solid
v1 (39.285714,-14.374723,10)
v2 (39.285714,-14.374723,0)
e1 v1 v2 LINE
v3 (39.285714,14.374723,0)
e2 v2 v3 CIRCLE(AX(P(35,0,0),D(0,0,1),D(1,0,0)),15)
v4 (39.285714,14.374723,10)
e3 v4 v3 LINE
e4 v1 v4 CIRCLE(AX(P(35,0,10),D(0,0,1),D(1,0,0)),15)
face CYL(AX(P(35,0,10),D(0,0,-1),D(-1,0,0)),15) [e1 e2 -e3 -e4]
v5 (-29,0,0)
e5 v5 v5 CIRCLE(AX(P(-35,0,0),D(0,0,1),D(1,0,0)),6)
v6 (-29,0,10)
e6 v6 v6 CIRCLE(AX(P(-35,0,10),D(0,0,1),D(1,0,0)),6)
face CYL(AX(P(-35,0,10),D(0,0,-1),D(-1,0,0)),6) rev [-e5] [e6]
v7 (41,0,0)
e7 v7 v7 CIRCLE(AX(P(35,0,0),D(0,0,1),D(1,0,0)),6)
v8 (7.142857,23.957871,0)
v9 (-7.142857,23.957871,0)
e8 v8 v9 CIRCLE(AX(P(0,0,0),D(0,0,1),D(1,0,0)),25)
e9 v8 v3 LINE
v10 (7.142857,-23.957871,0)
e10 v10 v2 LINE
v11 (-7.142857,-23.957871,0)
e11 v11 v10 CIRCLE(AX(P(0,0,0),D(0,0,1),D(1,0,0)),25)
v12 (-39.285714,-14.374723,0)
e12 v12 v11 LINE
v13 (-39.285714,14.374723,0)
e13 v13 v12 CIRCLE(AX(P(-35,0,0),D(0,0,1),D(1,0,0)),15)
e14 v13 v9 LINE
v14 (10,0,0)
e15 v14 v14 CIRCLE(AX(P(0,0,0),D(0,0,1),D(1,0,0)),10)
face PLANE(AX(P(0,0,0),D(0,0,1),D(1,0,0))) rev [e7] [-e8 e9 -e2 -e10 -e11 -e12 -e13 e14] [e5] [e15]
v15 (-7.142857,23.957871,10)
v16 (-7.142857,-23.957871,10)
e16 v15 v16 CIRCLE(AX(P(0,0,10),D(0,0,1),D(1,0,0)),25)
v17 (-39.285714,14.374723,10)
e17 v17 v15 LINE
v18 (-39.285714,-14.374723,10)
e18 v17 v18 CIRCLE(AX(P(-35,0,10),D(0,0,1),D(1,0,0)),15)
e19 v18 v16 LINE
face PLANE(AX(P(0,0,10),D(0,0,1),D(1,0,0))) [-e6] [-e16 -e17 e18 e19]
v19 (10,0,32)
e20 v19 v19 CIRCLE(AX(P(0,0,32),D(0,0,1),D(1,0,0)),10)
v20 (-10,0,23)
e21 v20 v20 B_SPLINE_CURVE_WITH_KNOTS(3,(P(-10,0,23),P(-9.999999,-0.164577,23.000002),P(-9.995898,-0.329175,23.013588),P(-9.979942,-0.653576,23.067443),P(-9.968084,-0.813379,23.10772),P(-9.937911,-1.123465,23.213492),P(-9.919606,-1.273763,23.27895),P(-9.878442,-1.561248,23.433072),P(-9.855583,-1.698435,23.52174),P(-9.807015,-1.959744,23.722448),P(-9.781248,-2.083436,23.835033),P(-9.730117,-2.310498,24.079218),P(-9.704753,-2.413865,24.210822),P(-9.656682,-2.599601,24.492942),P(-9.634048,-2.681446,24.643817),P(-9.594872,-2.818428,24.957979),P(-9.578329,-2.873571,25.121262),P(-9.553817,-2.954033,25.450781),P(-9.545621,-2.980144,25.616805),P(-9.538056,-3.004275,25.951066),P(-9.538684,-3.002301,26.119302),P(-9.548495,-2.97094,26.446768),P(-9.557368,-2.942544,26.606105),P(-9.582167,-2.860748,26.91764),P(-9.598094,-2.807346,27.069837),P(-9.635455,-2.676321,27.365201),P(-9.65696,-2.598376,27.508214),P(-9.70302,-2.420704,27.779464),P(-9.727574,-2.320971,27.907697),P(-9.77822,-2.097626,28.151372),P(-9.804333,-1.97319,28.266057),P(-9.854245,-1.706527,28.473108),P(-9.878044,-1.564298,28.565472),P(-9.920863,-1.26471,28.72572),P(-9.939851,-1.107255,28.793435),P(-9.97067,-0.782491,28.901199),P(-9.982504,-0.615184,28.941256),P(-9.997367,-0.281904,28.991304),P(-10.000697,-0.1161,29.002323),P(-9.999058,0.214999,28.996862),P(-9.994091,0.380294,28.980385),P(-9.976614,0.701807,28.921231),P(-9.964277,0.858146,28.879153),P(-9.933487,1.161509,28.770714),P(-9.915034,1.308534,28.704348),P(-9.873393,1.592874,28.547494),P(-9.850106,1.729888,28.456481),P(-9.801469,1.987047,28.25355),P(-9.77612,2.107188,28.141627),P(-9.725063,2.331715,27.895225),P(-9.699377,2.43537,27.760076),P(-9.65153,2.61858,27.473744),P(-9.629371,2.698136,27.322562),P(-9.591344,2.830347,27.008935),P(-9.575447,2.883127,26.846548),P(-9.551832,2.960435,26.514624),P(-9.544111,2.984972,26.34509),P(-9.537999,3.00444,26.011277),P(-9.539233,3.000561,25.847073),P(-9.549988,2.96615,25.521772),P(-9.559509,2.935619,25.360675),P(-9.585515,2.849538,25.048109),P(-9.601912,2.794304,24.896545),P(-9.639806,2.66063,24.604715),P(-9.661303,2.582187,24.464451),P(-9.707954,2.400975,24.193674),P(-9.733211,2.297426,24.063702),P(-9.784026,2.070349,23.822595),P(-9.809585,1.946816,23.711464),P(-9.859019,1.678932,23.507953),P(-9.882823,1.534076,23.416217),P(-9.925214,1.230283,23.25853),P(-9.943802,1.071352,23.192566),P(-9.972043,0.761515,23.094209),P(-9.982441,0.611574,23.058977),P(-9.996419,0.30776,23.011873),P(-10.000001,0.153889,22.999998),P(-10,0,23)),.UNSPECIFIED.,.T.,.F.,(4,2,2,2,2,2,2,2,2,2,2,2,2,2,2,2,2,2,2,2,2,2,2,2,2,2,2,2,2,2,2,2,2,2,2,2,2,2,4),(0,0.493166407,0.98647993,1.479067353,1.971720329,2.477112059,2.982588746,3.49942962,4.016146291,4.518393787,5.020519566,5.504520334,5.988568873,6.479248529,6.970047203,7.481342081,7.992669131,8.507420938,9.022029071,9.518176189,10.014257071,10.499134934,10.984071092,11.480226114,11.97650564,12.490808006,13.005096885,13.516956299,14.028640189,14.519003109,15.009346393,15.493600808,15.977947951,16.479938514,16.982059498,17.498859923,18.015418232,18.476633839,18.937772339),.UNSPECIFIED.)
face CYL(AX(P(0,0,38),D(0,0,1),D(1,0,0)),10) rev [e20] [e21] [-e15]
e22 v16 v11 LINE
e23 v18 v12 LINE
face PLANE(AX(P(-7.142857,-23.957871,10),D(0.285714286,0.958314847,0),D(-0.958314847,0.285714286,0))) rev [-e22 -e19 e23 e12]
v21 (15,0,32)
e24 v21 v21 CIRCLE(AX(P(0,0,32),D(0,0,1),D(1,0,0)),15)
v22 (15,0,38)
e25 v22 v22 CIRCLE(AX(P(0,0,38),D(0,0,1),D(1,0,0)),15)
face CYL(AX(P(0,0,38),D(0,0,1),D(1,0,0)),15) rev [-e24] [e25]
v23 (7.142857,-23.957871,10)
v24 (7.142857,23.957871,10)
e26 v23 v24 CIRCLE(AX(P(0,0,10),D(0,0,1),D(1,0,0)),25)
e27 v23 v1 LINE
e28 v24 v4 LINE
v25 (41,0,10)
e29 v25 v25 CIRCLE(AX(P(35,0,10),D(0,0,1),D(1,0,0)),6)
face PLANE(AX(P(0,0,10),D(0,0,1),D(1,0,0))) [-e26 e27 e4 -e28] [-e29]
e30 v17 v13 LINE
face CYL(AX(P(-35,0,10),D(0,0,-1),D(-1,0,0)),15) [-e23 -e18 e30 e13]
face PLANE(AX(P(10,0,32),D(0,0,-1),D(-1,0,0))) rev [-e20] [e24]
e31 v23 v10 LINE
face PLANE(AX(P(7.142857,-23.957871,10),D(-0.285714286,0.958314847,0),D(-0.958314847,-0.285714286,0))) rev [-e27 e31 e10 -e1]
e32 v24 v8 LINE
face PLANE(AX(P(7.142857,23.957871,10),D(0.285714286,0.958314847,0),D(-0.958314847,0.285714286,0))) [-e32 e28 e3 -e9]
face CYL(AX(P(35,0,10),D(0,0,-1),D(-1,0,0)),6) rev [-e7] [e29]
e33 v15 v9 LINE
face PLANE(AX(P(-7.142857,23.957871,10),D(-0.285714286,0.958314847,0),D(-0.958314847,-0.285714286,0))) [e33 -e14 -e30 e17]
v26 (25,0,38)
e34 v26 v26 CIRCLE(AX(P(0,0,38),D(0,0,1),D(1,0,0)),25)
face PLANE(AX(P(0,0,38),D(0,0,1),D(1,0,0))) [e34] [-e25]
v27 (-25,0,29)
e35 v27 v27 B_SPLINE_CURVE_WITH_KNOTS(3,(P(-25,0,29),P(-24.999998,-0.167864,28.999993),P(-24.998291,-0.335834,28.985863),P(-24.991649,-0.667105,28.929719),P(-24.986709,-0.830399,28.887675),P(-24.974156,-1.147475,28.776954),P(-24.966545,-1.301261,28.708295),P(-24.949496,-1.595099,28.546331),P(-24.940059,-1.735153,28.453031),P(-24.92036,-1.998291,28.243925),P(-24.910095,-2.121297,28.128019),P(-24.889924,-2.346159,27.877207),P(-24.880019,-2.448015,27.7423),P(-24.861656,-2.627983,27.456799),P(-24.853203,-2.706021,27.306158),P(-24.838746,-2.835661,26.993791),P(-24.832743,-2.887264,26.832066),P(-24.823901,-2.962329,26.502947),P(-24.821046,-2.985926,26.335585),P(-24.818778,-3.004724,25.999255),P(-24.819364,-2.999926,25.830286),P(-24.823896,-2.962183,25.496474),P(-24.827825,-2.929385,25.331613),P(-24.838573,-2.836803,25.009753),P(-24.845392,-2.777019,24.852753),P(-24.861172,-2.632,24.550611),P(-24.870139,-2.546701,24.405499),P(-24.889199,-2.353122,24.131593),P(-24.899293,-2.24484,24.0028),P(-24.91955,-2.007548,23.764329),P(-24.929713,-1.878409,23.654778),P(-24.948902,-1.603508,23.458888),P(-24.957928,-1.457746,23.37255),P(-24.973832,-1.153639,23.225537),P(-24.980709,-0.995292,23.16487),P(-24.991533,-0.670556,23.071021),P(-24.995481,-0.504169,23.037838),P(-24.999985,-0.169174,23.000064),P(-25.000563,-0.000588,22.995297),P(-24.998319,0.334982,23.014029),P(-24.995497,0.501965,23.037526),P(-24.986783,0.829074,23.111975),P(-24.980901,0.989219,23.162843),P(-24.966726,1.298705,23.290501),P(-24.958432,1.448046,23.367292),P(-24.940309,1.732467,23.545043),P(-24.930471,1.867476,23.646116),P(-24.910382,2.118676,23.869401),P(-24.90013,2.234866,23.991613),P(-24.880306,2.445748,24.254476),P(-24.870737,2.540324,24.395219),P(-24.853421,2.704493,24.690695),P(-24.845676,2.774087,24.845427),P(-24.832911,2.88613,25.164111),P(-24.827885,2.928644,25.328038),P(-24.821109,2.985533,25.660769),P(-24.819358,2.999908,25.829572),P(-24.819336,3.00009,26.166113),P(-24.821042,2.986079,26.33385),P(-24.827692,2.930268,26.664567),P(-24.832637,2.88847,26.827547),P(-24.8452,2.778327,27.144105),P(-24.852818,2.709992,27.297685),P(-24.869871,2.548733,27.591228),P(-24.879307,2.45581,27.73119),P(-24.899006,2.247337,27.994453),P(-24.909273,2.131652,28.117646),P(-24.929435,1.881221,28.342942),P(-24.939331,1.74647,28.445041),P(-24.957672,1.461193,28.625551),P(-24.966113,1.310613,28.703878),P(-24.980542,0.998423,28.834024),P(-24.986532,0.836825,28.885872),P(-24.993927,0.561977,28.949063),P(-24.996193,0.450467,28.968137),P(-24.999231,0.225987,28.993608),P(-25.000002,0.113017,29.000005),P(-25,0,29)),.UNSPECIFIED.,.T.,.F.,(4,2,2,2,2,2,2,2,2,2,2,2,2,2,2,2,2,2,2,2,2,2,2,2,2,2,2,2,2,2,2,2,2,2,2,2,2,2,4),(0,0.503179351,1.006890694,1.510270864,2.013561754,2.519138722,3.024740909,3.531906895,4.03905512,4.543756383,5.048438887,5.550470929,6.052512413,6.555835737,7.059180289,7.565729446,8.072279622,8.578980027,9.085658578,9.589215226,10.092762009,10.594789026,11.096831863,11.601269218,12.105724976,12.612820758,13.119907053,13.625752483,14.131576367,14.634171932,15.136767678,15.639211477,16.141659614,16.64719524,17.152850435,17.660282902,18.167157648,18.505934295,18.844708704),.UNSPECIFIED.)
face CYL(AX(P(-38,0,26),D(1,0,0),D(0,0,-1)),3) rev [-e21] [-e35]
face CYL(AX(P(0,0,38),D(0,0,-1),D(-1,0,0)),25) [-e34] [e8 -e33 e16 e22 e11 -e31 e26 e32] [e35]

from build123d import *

# Parameters (mm, degrees)
SKETCH1_R                                 = 6
BOSS_EXTRUDE1_DEPTH                       = 10
BOSS_EXTRUDE1_2_DEPTH                     = 10
BOSS_EXTRUDE2_DEPTH                       = 38
CBORE_FOR_M12_HEX_HEAD_SCREW1_D           = 20
CBORE_FOR_M12_HEX_HEAD_SCREW1_CBORE_D     = 30
CBORE_FOR_M12_HEX_HEAD_SCREW1_CBORE_DEPTH = 6
SKETCH6_R                                 = 3
CUT_EXTRUDE1_DEPTH                        = 38


with BuildPart() as part:
    # Sketch1 → Boss-Extrude1 (new body)
    with BuildSketch(Plane.XY):
        with BuildLine():
            Line((-7.142857143, 23.957871187), (-39.285714286, 14.374722712))
            ThreePointArc((-39.285714286, 14.374722712), (-50, 0), (-39.285714286, -14.374722712))
            Line((-39.285714286, -14.374722712), (-7.142857143, -23.957871187))
            ThreePointArc((-7.142857143, -23.957871187), (-25, 0), (-7.142857143, 23.957871187))
        make_face()
        with Locations((-35, 0)):
            Circle(SKETCH1_R, mode=Mode.SUBTRACT)
    extrude(amount=BOSS_EXTRUDE1_DEPTH)



with BuildPart() as body_2:
    # Sketch1 → Boss-Extrude1 2 (new body)
    with BuildSketch(Plane.XY):
        with BuildLine():
            Line((39.285714286, 14.374722712), (7.142857143, 23.957871187))
            ThreePointArc((7.142857143, 23.957871187), (25, 0), (7.142857143, -23.957871187))
            Line((7.142857143, -23.957871187), (39.285714286, -14.374722712))
            ThreePointArc((39.285714286, -14.374722712), (50, 0), (39.285714286, 14.374722712))
        make_face()
        with Locations((35, 0)):
            Circle(SKETCH1_R, mode=Mode.SUBTRACT)
    extrude(amount=BOSS_EXTRUDE1_2_DEPTH)


with BuildPart() as part_1:
    add(part.part)

    add(body_2.part)  # Boss-Extrude2 merges body 2
    # Sketch1<3> → Boss-Extrude2 (add)
    with BuildSketch(Plane.XY):
        with BuildLine():
            ThreePointArc((7.142857143, 23.957871187), (0, 25), (-7.142857143, 23.957871187))
            ThreePointArc((-7.142857143, 23.957871187), (-25, 0), (-7.142857143, -23.957871187))
            ThreePointArc((-7.142857143, -23.957871187), (0, -25), (7.142857143, -23.957871187))
            ThreePointArc((7.142857143, -23.957871187), (20.044593143, -14.940357617), (25, 0))
            ThreePointArc((25, 0), (20.044593143, 14.940357617), (7.142857143, 23.957871187))
        make_face()
    extrude(amount=BOSS_EXTRUDE2_DEPTH)

    # CBORE for M12 Hex Head Screw1 (through all)
    with Locations(Plane.XY.offset(38)):
        with Locations((0, 0)):
            CounterBoreHole(CBORE_FOR_M12_HEX_HEAD_SCREW1_D / 2, CBORE_FOR_M12_HEX_HEAD_SCREW1_CBORE_D / 2, CBORE_FOR_M12_HEX_HEAD_SCREW1_CBORE_DEPTH)

    # Sketch6 → Cut-Extrude1 (cut)
    with BuildSketch(Plane(origin=(0, 0, 0), x_dir=(0, 0, -1), z_dir=(1, 0, 0))):
        with Locations((-26, 0)):
            Circle(SKETCH6_R)
    extrude(amount=-CUT_EXTRUDE1_DEPTH, mode=Mode.SUBTRACT)


solid = part_1.part
